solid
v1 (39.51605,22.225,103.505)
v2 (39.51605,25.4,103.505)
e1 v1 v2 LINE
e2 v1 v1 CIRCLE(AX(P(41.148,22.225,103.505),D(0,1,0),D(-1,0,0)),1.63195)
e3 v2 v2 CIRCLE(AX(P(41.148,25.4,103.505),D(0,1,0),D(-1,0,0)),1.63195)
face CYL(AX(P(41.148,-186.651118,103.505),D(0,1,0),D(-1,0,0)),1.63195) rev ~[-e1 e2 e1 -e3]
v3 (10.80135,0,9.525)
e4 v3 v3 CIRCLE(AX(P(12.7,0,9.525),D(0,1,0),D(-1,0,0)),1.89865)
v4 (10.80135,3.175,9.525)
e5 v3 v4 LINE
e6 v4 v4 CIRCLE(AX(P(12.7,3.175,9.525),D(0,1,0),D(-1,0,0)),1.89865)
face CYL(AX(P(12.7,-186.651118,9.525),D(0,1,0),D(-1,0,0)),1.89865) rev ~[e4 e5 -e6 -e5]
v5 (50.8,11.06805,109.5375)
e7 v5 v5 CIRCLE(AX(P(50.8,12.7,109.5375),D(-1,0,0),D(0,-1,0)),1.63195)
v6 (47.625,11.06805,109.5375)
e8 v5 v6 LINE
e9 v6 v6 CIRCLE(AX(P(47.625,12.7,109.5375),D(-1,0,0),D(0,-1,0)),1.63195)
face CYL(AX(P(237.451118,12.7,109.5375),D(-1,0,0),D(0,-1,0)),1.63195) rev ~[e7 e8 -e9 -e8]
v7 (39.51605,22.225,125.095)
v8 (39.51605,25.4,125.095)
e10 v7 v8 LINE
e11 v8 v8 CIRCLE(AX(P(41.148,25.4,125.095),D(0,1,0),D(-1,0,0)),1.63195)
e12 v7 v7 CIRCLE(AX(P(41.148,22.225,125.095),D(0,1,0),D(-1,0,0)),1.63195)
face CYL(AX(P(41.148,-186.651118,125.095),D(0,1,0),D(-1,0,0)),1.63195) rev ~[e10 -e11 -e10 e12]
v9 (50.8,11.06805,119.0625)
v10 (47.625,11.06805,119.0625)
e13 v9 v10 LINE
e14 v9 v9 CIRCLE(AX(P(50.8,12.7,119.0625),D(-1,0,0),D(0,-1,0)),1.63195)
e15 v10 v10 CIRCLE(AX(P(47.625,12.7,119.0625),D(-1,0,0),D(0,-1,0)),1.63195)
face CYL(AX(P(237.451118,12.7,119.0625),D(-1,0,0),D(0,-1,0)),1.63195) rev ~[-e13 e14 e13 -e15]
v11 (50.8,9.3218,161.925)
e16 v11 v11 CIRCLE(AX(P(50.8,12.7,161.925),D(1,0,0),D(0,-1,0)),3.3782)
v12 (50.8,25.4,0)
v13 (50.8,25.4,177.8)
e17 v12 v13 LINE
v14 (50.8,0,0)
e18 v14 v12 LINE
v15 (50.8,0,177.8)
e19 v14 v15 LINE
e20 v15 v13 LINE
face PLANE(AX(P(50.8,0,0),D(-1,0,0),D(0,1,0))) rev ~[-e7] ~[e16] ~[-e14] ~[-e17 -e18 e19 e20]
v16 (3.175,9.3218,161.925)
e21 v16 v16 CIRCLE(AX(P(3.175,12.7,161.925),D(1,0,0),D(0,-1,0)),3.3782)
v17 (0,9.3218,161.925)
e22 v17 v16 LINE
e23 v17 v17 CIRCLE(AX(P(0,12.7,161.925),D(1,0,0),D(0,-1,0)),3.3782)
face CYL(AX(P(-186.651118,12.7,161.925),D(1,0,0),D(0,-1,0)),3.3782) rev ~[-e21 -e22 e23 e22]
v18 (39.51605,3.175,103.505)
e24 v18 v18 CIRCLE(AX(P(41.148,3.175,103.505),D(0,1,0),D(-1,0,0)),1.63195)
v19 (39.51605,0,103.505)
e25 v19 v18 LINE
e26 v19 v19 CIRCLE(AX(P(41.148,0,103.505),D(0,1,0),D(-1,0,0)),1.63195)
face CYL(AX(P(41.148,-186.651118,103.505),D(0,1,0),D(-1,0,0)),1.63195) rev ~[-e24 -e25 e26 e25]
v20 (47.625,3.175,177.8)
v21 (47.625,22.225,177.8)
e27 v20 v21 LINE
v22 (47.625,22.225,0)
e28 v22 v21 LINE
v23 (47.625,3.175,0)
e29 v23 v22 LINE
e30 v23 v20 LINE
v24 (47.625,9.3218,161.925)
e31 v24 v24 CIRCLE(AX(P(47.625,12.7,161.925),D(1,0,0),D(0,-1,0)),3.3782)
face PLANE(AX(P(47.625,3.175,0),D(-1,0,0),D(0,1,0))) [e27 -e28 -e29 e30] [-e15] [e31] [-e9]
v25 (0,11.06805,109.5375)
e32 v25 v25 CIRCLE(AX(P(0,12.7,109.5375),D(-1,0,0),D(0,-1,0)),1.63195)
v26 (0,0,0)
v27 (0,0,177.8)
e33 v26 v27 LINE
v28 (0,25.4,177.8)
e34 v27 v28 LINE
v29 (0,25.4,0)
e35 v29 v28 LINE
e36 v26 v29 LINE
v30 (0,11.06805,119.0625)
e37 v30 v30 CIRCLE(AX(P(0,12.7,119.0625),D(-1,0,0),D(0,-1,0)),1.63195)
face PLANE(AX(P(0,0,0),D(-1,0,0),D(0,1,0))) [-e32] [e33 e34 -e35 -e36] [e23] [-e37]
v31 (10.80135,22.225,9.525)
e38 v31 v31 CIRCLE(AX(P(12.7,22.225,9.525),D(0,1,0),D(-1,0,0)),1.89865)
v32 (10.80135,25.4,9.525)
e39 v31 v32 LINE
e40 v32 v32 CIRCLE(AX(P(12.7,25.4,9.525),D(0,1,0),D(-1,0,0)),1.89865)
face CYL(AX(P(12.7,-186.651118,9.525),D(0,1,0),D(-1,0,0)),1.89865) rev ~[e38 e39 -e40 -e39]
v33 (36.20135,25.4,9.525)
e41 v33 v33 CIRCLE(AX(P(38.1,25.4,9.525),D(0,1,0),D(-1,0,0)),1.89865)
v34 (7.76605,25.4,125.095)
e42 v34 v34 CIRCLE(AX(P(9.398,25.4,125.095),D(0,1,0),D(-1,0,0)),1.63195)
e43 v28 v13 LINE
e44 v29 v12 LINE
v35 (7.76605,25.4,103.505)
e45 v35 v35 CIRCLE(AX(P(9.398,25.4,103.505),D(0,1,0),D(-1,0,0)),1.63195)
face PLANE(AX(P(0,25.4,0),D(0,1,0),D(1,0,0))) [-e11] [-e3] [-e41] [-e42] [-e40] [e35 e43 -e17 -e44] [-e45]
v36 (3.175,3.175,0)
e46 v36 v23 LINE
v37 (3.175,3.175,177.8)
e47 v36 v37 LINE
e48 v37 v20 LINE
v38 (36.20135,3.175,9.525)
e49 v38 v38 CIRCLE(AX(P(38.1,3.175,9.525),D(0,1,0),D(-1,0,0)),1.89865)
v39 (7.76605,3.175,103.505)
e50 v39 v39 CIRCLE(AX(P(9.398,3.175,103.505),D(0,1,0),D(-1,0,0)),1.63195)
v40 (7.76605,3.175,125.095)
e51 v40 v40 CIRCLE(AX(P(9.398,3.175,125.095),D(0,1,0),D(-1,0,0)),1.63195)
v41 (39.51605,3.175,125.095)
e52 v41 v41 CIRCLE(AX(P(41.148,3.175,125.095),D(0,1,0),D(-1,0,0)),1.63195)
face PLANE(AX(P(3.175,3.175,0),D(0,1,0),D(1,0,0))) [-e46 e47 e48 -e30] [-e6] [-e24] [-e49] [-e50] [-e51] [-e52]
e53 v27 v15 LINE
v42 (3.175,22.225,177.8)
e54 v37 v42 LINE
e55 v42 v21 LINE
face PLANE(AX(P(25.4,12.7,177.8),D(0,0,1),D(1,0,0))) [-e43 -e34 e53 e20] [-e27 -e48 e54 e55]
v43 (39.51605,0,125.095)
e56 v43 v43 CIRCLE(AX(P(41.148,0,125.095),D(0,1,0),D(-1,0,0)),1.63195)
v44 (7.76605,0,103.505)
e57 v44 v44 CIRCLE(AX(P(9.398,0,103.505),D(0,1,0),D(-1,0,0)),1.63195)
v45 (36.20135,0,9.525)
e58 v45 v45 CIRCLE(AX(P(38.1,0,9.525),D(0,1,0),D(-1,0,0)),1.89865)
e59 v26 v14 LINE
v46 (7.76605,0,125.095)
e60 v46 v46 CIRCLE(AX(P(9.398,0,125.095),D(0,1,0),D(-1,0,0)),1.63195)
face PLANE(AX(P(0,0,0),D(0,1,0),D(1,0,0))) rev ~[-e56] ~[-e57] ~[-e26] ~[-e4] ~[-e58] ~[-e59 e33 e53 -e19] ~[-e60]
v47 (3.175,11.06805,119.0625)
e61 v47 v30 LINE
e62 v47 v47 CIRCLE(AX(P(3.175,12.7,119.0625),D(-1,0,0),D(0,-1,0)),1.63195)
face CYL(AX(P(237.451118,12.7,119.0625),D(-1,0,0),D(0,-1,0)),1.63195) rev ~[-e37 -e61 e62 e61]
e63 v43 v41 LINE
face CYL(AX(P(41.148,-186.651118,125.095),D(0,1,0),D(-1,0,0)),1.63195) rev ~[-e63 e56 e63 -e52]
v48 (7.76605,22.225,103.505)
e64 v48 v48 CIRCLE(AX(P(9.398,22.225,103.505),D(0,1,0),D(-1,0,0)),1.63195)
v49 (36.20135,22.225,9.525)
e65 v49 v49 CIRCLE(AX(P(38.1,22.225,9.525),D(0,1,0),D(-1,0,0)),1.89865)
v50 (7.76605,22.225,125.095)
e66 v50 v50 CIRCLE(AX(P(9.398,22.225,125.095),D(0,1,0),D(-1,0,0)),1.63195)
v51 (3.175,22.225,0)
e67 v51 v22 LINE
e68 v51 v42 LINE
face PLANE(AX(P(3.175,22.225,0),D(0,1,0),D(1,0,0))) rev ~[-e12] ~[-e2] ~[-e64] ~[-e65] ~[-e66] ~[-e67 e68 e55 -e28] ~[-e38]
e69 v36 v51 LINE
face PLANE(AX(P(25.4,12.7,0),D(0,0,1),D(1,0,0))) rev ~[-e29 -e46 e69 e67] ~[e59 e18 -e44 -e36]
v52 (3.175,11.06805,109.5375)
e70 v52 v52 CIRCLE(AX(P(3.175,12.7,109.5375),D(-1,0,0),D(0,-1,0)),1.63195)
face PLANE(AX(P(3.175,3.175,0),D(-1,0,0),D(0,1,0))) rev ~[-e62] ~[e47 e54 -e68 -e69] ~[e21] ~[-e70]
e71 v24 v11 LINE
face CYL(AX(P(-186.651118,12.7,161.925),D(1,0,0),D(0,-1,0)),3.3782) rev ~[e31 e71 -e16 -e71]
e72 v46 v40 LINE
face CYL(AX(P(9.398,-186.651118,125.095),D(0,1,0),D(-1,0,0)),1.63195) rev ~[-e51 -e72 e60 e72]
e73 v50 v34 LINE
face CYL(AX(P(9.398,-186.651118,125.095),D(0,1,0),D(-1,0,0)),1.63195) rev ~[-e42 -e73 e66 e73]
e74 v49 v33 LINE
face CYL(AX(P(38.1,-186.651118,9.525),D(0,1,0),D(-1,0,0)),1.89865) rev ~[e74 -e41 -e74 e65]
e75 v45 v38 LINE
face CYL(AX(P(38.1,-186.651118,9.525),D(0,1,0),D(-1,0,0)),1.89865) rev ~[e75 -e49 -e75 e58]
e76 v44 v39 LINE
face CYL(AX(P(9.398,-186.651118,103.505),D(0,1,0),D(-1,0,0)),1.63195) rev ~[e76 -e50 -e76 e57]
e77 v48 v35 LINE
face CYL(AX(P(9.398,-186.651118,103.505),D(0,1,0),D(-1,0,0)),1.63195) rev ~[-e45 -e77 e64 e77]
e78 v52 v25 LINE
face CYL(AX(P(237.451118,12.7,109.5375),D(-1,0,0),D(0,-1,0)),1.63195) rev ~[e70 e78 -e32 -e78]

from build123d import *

# Parameters (mm, degrees)
F0_W     = 50.8
F0_H     = 25.4
F0_W_2   = 44.45
F0_H_2   = 19.05
F1_DEPTH = 177.8
F3_D     = 6.7564
F5_D     = 3.7973
F7_D     = 3.2639
F9_D     = 3.2639


with BuildPart() as f1:
    # F0 (on Top) → F1 (new body)
    with BuildSketch(Plane.XY):
        with Locations((25.4, 12.7)):
            Rectangle(F0_W, F0_H)
        with Locations((25.4, 12.7)):
            Rectangle(F0_W_2, F0_H_2, mode=Mode.SUBTRACT)
    extrude(amount=F1_DEPTH)

    # F3 (through all)
    with Locations(Plane(origin=(0, 0, 0), x_dir=(0, 1, 0), z_dir=(-1, 0, 0))):
        with Locations((12.7, -161.925)):
            Hole(F3_D / 2)

    # F5 (through all)
    with Locations(Plane.XZ):
        with Locations((12.7, 9.525), (38.1, 9.525)):
            Hole(F5_D / 2)

    # F7 (through all)
    with Locations(Plane.XZ):
        with Locations((9.398, 125.095), (41.148, 125.095), (41.148, 103.505), (9.398, 103.505)):
            Hole(F7_D / 2)

    # F9 (through all)
    with Locations(Plane.YZ.offset(50.8)):
        with Locations((12.7, 119.0625), (12.7, 109.5375)):
            Hole(F9_D / 2)


solid = f1.part
